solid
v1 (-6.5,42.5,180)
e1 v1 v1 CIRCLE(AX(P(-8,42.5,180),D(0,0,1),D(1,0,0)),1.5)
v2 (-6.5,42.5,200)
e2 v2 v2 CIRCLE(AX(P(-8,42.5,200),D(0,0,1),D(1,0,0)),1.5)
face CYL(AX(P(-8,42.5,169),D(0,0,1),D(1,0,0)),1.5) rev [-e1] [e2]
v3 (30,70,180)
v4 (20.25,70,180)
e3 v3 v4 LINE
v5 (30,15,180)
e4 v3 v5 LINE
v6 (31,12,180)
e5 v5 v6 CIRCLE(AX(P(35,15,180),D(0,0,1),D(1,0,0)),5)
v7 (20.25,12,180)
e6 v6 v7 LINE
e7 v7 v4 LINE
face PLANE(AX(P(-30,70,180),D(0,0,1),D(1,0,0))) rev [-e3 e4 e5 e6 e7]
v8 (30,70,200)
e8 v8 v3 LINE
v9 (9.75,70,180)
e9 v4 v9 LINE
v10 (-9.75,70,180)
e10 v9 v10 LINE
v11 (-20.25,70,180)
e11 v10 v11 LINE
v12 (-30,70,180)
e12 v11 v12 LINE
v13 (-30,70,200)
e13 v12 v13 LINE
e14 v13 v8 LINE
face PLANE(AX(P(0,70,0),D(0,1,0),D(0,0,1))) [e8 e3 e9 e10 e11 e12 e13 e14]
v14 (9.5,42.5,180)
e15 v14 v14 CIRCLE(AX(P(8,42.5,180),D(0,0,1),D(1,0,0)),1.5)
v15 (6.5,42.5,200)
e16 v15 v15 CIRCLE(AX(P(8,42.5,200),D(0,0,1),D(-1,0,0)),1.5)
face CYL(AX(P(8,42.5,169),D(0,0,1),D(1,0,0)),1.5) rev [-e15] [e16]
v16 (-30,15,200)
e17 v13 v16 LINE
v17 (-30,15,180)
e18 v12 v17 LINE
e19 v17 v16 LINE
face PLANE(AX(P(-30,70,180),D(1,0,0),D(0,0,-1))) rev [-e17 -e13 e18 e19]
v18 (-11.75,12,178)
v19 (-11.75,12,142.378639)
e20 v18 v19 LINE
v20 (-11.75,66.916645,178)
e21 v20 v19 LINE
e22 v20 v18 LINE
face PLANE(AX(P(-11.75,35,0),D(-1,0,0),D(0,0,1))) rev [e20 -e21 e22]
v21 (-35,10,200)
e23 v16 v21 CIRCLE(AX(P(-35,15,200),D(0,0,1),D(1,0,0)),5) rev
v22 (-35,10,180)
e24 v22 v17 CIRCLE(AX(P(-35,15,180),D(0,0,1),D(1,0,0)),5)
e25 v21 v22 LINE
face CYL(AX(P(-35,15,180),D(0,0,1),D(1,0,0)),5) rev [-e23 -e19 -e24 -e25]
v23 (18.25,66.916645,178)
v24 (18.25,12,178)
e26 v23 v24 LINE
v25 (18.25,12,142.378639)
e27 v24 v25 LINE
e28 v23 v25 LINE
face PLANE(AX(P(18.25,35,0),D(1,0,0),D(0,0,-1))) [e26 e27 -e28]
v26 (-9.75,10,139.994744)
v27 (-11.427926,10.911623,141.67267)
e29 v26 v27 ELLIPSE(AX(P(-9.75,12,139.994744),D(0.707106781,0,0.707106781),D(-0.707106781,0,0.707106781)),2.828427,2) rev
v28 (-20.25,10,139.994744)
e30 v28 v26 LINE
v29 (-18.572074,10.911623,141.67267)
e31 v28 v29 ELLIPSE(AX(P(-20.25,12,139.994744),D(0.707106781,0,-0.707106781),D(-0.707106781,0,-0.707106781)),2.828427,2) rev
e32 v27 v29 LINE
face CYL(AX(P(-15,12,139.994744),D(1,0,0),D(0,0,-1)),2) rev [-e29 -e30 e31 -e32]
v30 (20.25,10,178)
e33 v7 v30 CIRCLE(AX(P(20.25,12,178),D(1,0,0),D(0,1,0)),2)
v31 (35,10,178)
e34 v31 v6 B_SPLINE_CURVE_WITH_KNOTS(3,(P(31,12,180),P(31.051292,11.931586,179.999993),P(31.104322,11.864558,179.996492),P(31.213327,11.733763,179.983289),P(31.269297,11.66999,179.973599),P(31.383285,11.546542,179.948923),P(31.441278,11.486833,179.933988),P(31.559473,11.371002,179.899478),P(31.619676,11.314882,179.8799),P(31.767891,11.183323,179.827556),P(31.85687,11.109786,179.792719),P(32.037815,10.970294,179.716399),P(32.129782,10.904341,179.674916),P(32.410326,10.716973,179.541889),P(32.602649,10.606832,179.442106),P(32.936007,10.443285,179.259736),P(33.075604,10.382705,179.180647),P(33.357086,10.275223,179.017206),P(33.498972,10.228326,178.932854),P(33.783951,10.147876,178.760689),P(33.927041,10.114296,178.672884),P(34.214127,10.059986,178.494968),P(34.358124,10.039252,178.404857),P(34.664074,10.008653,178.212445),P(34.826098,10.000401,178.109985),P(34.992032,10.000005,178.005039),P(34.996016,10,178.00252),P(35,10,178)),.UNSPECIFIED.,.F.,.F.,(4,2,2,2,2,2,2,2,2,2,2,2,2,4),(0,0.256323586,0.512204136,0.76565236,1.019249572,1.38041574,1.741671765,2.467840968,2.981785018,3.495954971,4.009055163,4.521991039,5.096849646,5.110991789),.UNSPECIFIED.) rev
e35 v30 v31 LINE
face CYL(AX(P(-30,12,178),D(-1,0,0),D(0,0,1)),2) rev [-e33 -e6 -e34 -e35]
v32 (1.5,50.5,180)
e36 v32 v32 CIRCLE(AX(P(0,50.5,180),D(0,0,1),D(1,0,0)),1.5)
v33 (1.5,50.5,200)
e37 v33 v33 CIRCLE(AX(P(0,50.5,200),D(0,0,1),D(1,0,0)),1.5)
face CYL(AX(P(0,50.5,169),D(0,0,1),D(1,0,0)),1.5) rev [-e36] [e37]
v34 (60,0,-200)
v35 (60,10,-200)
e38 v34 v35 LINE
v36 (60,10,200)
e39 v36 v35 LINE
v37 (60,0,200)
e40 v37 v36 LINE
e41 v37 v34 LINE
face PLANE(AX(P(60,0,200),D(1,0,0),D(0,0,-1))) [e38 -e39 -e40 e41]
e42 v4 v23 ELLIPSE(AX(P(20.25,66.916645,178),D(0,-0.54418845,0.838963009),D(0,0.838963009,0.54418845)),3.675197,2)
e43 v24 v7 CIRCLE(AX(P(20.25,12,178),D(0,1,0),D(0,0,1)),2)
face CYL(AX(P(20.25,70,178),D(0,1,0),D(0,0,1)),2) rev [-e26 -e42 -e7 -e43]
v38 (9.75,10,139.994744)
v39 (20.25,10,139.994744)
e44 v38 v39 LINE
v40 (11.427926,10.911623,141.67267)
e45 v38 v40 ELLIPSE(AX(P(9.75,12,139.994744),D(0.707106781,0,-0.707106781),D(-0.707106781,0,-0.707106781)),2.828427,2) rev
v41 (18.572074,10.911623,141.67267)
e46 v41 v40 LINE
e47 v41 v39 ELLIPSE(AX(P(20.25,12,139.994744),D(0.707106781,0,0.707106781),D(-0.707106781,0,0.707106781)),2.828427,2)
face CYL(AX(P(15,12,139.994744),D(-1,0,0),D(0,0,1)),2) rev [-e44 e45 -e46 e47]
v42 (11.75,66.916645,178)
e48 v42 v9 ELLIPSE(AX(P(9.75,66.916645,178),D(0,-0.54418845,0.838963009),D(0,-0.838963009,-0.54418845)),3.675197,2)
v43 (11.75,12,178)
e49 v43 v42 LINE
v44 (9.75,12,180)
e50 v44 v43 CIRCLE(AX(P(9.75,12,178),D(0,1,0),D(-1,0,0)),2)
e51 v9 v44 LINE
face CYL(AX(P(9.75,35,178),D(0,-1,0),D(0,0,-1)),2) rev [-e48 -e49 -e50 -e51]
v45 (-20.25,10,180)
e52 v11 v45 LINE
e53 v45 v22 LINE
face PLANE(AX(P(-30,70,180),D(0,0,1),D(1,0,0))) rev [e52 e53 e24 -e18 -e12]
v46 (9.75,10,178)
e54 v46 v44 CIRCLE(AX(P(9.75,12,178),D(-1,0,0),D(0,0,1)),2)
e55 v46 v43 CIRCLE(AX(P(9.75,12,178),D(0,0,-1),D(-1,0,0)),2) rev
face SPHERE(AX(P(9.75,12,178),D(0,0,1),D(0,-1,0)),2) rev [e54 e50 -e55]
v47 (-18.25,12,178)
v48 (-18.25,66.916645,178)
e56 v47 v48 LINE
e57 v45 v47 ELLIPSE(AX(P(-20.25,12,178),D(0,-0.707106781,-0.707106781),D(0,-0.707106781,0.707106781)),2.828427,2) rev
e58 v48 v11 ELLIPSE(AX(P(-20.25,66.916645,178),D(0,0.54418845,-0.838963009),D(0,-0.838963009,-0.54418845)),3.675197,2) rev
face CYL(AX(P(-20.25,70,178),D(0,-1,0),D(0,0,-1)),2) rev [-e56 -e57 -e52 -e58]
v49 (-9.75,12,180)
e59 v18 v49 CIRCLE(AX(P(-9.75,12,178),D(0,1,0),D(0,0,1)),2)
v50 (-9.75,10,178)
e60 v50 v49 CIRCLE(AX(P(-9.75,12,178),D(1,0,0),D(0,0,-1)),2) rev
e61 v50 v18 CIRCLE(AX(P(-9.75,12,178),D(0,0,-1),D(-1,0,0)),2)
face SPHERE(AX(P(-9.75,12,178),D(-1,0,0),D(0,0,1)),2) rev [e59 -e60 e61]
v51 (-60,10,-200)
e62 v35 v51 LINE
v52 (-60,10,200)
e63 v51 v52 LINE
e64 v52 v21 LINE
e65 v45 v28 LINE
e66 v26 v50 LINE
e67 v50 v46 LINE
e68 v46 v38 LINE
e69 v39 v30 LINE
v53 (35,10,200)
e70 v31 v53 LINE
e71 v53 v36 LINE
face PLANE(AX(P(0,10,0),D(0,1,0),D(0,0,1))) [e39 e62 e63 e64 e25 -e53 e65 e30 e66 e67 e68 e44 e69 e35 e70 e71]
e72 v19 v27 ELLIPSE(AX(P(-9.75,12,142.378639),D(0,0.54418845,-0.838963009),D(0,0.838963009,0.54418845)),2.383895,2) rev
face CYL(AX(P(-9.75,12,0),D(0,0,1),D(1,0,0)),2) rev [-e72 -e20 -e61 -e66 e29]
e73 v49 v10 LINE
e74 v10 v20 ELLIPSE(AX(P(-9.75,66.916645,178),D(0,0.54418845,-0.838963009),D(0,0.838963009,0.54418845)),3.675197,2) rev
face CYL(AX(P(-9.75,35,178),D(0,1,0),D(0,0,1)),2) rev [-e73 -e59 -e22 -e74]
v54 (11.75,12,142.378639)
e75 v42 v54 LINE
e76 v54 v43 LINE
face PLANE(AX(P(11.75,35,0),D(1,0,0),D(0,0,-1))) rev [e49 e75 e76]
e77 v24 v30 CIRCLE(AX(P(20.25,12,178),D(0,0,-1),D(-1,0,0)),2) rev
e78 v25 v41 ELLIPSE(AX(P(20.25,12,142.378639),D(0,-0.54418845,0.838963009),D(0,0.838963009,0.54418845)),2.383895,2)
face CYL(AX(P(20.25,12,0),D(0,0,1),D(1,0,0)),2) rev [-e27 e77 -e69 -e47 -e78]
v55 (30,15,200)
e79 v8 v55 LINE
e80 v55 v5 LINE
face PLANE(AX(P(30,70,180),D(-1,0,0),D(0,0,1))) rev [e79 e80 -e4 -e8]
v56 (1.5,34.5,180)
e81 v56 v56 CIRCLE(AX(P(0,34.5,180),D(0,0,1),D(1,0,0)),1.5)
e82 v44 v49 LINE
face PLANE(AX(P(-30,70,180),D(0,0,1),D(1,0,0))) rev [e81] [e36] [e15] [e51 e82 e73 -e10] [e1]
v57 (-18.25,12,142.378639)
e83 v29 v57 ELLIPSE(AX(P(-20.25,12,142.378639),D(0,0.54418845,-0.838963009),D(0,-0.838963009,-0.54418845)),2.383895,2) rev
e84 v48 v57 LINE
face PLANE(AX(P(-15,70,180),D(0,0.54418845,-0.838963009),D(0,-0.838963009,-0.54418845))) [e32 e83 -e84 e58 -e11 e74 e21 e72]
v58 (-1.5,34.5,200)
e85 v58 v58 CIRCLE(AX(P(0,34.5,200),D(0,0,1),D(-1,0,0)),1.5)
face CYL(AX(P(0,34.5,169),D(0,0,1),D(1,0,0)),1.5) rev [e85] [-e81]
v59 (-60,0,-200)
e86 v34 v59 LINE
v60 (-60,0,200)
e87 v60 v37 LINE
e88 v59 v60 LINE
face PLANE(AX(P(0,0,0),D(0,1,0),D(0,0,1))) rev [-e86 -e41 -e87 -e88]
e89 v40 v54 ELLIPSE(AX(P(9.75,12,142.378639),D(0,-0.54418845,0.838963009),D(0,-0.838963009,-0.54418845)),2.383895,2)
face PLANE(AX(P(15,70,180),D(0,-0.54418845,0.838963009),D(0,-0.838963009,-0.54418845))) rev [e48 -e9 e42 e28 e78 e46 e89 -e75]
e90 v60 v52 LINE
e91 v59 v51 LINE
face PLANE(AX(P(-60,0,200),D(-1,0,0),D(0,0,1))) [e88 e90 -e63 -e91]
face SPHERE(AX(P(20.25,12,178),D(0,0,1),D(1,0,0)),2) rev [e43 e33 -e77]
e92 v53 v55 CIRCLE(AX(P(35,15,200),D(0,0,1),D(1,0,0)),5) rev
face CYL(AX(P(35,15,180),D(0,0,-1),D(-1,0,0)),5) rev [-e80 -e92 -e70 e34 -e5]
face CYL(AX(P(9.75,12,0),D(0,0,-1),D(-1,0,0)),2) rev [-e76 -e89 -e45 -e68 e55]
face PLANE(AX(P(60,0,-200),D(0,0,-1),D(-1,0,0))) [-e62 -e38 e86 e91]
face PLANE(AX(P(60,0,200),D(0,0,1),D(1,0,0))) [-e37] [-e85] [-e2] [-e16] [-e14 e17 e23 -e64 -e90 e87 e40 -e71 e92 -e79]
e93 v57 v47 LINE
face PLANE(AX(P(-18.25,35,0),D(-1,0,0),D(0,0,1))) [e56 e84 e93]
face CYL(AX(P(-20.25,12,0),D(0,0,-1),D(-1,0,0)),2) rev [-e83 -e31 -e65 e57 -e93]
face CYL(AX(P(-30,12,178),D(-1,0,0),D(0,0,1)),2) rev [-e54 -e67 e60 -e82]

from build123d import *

# Parameters (mm, degrees)
SKETCH2_W           = 120
SKETCH2_H           = 400
THICKEN1_T1         = 10
SKETCH3_W           = 60
SKETCH3_H           = 20
BOSS_EXTRUDE1_DEPTH = 60
FILLET3_R           = 5
SKETCH5_R           = 1.5
CUT_EXTRUDE4_DEPTH  = 31
RIB1_REACH          = 226.778
SKETCH8_WALL_W      = 523.072195762
SKETCH8_WALL_H      = 6.5
FILLET4_R           = 2


with BuildPart() as body_1:
    # Sketch2 → Surface-Plane1: a flat surface bounded by the sketch
    with BuildSketch(Plane(origin=(0, 0, 0), x_dir=(1, 0, 0), z_dir=(0, 1, 0)), mode=Mode.PRIVATE) as surface_plane1_1_region:
        Rectangle(SKETCH2_W, SKETCH2_H)
    surface_plane1_1 = surface_plane1_1_region.sketch.faces()[0]
    add(Solid.thicken(surface_plane1_1, THICKEN1_T1))

    # Sketch3 → Boss-Extrude1 (add)
    with BuildSketch(Plane(origin=(0, 10, 0), x_dir=(1, 0, 0), z_dir=(0, 1, 0))):
        with Locations((0, -190)):
            Rectangle(SKETCH3_W, SKETCH3_H)
    extrude(amount=BOSS_EXTRUDE1_DEPTH)

    # Fillet3
    fillet3_edges = [body_1.edges().sort_by_distance(p)[0] for p in [
        (30, 10, 190),
        (-30, 10, 190),
    ]]
    fillet(fillet3_edges, radius=FILLET3_R)

    # Sketch5 → Cut-Extrude4 (cut)
    with BuildSketch(Plane.XY.offset(200)):
        with Locations((0, 50.5)):
            Circle(SKETCH5_R)
        with Locations((-8, 42.5)):
            Circle(SKETCH5_R)
        with Locations((0, 34.5)):
            Circle(SKETCH5_R)
        with Locations((8, 42.5)):
            Circle(SKETCH5_R)
    extrude(amount=-CUT_EXTRUDE4_DEPTH, mode=Mode.SUBTRACT)

    # Sketch8 wall → Rib1 (add, up to next)
    with BuildSketch(Plane(origin=(15, 40, 160.540675435), x_dir=(0, -0.838963009324, -0.544188449882), z_dir=(0, 0.544188449882, -0.838963009324)), mode=Mode.PRIVATE) as rib1_sk1:
        Rectangle(SKETCH8_WALL_W, SKETCH8_WALL_H)
    rib1_tool1 = extrude(rib1_sk1.sketch, amount=-RIB1_REACH, mode=Mode.PRIVATE) - body_1.part
    rib1 = rib1_tool1.solids().sort_by_distance((15, 40, 160.540675435))[0]
    add(rib1)

    # Mirror1: Rib1 across plane
    add(rib1.mirror(Plane(origin=(0, 0, 0), x_dir=(0, 0, 1), z_dir=(1, 0, 0))))

    # Fillet4
    fillet4_edges = [body_1.edges().sort_by_distance(p)[0] for p in [
        (-18.25, 10, 160.540675435),
        (-15, 10, 141.08135087),
        (-11.75, 10, 160.540675435),
        (0, 10, 180),
        (11.75, 10, 160.540675435),
        (15, 10, 141.08135087),
        (18.25, 10, 160.540675435),
        (26.625, 10, 180),
        (-18.25, 40, 180),
        (-11.75, 40, 180),
        (11.75, 40, 180),
        (18.25, 40, 180),
    ]]
    fillet(fillet4_edges, radius=FILLET4_R)


solid = body_1.part
